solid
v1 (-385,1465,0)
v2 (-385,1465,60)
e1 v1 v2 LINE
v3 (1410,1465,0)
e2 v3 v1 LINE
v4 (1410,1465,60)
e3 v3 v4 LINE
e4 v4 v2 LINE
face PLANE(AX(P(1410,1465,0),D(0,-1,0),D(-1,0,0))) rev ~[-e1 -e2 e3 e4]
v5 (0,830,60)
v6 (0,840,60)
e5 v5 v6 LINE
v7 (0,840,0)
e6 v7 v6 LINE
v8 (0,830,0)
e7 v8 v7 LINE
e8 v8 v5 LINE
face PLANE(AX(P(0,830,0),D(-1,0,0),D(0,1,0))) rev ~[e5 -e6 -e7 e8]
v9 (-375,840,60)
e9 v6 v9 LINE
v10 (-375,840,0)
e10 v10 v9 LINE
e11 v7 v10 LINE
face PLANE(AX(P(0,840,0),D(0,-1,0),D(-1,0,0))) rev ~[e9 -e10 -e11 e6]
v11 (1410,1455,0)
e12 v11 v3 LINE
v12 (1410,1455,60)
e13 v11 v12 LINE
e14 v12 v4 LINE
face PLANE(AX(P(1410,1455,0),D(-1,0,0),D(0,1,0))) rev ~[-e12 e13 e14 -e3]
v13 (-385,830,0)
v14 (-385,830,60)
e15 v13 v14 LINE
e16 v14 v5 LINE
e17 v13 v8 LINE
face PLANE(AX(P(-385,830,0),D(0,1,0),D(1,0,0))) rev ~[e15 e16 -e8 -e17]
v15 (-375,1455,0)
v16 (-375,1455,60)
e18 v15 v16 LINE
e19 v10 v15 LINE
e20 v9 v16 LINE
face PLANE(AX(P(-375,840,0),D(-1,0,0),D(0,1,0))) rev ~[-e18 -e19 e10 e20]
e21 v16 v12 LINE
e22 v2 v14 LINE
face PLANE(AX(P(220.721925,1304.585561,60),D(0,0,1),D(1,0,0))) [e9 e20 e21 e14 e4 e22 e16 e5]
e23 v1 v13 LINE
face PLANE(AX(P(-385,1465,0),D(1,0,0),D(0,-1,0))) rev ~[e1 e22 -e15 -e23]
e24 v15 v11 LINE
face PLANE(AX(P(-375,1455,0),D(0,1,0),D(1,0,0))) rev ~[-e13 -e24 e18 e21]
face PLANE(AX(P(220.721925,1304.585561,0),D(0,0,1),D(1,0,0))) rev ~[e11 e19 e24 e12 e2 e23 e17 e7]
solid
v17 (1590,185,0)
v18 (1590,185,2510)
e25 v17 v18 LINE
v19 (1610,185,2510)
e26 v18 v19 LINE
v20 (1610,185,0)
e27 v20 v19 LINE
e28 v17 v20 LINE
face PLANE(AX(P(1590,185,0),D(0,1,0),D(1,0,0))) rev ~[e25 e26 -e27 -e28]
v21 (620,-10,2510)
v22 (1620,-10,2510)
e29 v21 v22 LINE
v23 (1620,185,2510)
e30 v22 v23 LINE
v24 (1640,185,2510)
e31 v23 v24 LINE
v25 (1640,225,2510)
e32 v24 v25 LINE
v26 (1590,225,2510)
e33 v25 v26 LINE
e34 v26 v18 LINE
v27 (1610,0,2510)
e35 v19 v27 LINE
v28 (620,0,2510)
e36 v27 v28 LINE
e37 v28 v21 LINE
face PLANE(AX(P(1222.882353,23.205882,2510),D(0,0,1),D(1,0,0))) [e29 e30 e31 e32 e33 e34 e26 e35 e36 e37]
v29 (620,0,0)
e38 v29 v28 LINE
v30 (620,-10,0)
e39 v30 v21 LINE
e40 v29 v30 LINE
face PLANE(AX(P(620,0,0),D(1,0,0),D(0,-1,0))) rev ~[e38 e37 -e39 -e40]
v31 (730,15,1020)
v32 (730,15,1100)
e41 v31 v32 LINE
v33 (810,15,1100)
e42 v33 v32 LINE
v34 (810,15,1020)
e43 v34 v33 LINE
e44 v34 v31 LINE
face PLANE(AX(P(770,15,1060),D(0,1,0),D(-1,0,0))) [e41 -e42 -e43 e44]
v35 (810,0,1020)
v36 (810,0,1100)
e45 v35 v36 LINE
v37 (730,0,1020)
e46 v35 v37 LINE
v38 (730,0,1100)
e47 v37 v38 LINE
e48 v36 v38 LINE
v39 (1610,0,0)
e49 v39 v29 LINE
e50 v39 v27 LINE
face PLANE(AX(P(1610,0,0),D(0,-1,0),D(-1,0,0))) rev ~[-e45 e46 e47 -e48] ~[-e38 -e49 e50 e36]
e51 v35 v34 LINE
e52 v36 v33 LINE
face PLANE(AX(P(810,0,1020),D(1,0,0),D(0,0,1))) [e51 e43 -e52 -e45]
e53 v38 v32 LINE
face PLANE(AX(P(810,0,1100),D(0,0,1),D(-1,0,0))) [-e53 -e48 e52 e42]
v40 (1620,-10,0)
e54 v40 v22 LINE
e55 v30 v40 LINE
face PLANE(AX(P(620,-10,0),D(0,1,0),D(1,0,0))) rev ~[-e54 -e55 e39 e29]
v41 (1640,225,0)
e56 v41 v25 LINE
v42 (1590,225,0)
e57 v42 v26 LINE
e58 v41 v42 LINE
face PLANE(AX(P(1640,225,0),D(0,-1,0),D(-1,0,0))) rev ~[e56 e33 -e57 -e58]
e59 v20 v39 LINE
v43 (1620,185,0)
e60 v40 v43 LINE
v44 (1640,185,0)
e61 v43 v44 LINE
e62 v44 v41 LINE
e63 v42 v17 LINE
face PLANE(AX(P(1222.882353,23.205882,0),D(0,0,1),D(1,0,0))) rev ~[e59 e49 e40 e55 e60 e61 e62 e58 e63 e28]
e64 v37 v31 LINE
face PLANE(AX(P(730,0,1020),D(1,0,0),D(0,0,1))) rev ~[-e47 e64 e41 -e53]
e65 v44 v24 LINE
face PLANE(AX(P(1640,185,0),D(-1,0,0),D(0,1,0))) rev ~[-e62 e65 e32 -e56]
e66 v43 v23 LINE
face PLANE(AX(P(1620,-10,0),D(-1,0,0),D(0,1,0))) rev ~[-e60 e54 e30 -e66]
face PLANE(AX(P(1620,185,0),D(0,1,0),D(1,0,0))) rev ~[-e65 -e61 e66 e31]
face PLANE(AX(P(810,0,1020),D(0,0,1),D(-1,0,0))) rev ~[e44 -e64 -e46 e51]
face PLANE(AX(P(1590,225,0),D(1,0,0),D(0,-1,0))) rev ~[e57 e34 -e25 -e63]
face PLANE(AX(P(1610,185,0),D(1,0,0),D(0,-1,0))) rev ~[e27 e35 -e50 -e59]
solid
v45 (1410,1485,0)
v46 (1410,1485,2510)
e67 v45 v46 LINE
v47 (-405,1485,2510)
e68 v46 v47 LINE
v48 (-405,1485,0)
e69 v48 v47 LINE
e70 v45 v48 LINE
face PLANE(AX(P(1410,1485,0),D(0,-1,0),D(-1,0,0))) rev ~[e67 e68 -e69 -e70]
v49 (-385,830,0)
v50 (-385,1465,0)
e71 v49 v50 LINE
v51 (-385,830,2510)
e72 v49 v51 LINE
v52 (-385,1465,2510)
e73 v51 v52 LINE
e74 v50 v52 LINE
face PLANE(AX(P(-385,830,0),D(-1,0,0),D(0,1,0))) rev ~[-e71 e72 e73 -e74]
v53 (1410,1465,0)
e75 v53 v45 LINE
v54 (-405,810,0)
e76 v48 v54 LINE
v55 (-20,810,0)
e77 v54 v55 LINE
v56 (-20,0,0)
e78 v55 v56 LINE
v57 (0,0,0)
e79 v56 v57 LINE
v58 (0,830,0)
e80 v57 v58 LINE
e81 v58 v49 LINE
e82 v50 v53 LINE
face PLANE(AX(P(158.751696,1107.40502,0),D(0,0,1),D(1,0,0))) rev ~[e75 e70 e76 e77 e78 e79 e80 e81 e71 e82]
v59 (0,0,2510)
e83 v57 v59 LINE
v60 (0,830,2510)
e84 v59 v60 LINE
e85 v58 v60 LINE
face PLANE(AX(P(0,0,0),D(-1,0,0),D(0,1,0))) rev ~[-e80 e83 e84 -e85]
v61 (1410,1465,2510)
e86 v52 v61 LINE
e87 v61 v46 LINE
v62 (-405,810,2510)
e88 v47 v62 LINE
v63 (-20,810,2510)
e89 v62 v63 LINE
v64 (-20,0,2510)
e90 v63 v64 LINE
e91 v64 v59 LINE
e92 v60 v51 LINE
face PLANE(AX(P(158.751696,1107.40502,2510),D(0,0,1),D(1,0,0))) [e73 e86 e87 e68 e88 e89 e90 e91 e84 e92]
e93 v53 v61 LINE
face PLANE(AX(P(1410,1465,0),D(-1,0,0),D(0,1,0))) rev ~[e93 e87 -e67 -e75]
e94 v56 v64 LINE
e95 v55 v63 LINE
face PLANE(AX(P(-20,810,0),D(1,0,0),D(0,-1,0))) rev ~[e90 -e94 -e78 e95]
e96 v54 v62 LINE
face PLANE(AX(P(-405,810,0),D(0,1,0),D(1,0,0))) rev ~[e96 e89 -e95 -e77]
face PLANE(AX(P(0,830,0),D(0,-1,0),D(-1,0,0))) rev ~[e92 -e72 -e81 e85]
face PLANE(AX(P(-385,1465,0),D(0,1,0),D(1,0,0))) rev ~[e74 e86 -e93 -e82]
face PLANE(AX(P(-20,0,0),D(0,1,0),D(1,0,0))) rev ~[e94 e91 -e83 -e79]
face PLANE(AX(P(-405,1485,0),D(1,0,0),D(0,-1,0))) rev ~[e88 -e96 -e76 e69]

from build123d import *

# Parameters (mm, degrees)
F1_DEPTH = 2510
F3_DEPTH = 60
F5_DEPTH = 2510
F6_W     = 80
F6_H     = 80
F7_DEPTH = 15


with BuildPart() as f1:
    # F0 (on Top) → F1 (new body)
    with BuildSketch(Plane.XY):
        Polygon((-20, 0), (0, 0), (0, 830), (-385, 830), (-385, 1465), (1410, 1465), (1410, 1485), (-405, 1485), (-405, 810), (-20, 810), align=None)
    extrude(amount=F1_DEPTH)


with BuildPart() as f3:
    # F2 (on Top) → F3 (new body)
    with BuildSketch(Plane.XY):
        Polygon((0, 830), (0, 840), (-375, 840), (-375, 1455), (1410, 1455), (1410, 1465), (-385, 1465), (-385, 830), align=None)
    extrude(amount=F3_DEPTH)


with BuildPart() as f5:
    # F4 (on Top) → F5 (new body, through all)
    with BuildSketch(Plane.XY):
        Polygon((1640, 225), (1590, 225), (1590, 185), (1610, 185), (1610, 0), (620, 0), (620, -10), (1620, -10), (1620, 185), (1640, 185), align=None)
    extrude(amount=F5_DEPTH)

    # F6 (on face) → F7 (join)
    with BuildSketch(Plane(origin=(0, 0, 0), x_dir=(-1, 0, 0), z_dir=(0, 1, 0))):
        with Locations((-770, 1060)):
            Rectangle(F6_W, F6_H)
    extrude(amount=F7_DEPTH)


solid = Compound([f1.part, f3.part, f5.part])
